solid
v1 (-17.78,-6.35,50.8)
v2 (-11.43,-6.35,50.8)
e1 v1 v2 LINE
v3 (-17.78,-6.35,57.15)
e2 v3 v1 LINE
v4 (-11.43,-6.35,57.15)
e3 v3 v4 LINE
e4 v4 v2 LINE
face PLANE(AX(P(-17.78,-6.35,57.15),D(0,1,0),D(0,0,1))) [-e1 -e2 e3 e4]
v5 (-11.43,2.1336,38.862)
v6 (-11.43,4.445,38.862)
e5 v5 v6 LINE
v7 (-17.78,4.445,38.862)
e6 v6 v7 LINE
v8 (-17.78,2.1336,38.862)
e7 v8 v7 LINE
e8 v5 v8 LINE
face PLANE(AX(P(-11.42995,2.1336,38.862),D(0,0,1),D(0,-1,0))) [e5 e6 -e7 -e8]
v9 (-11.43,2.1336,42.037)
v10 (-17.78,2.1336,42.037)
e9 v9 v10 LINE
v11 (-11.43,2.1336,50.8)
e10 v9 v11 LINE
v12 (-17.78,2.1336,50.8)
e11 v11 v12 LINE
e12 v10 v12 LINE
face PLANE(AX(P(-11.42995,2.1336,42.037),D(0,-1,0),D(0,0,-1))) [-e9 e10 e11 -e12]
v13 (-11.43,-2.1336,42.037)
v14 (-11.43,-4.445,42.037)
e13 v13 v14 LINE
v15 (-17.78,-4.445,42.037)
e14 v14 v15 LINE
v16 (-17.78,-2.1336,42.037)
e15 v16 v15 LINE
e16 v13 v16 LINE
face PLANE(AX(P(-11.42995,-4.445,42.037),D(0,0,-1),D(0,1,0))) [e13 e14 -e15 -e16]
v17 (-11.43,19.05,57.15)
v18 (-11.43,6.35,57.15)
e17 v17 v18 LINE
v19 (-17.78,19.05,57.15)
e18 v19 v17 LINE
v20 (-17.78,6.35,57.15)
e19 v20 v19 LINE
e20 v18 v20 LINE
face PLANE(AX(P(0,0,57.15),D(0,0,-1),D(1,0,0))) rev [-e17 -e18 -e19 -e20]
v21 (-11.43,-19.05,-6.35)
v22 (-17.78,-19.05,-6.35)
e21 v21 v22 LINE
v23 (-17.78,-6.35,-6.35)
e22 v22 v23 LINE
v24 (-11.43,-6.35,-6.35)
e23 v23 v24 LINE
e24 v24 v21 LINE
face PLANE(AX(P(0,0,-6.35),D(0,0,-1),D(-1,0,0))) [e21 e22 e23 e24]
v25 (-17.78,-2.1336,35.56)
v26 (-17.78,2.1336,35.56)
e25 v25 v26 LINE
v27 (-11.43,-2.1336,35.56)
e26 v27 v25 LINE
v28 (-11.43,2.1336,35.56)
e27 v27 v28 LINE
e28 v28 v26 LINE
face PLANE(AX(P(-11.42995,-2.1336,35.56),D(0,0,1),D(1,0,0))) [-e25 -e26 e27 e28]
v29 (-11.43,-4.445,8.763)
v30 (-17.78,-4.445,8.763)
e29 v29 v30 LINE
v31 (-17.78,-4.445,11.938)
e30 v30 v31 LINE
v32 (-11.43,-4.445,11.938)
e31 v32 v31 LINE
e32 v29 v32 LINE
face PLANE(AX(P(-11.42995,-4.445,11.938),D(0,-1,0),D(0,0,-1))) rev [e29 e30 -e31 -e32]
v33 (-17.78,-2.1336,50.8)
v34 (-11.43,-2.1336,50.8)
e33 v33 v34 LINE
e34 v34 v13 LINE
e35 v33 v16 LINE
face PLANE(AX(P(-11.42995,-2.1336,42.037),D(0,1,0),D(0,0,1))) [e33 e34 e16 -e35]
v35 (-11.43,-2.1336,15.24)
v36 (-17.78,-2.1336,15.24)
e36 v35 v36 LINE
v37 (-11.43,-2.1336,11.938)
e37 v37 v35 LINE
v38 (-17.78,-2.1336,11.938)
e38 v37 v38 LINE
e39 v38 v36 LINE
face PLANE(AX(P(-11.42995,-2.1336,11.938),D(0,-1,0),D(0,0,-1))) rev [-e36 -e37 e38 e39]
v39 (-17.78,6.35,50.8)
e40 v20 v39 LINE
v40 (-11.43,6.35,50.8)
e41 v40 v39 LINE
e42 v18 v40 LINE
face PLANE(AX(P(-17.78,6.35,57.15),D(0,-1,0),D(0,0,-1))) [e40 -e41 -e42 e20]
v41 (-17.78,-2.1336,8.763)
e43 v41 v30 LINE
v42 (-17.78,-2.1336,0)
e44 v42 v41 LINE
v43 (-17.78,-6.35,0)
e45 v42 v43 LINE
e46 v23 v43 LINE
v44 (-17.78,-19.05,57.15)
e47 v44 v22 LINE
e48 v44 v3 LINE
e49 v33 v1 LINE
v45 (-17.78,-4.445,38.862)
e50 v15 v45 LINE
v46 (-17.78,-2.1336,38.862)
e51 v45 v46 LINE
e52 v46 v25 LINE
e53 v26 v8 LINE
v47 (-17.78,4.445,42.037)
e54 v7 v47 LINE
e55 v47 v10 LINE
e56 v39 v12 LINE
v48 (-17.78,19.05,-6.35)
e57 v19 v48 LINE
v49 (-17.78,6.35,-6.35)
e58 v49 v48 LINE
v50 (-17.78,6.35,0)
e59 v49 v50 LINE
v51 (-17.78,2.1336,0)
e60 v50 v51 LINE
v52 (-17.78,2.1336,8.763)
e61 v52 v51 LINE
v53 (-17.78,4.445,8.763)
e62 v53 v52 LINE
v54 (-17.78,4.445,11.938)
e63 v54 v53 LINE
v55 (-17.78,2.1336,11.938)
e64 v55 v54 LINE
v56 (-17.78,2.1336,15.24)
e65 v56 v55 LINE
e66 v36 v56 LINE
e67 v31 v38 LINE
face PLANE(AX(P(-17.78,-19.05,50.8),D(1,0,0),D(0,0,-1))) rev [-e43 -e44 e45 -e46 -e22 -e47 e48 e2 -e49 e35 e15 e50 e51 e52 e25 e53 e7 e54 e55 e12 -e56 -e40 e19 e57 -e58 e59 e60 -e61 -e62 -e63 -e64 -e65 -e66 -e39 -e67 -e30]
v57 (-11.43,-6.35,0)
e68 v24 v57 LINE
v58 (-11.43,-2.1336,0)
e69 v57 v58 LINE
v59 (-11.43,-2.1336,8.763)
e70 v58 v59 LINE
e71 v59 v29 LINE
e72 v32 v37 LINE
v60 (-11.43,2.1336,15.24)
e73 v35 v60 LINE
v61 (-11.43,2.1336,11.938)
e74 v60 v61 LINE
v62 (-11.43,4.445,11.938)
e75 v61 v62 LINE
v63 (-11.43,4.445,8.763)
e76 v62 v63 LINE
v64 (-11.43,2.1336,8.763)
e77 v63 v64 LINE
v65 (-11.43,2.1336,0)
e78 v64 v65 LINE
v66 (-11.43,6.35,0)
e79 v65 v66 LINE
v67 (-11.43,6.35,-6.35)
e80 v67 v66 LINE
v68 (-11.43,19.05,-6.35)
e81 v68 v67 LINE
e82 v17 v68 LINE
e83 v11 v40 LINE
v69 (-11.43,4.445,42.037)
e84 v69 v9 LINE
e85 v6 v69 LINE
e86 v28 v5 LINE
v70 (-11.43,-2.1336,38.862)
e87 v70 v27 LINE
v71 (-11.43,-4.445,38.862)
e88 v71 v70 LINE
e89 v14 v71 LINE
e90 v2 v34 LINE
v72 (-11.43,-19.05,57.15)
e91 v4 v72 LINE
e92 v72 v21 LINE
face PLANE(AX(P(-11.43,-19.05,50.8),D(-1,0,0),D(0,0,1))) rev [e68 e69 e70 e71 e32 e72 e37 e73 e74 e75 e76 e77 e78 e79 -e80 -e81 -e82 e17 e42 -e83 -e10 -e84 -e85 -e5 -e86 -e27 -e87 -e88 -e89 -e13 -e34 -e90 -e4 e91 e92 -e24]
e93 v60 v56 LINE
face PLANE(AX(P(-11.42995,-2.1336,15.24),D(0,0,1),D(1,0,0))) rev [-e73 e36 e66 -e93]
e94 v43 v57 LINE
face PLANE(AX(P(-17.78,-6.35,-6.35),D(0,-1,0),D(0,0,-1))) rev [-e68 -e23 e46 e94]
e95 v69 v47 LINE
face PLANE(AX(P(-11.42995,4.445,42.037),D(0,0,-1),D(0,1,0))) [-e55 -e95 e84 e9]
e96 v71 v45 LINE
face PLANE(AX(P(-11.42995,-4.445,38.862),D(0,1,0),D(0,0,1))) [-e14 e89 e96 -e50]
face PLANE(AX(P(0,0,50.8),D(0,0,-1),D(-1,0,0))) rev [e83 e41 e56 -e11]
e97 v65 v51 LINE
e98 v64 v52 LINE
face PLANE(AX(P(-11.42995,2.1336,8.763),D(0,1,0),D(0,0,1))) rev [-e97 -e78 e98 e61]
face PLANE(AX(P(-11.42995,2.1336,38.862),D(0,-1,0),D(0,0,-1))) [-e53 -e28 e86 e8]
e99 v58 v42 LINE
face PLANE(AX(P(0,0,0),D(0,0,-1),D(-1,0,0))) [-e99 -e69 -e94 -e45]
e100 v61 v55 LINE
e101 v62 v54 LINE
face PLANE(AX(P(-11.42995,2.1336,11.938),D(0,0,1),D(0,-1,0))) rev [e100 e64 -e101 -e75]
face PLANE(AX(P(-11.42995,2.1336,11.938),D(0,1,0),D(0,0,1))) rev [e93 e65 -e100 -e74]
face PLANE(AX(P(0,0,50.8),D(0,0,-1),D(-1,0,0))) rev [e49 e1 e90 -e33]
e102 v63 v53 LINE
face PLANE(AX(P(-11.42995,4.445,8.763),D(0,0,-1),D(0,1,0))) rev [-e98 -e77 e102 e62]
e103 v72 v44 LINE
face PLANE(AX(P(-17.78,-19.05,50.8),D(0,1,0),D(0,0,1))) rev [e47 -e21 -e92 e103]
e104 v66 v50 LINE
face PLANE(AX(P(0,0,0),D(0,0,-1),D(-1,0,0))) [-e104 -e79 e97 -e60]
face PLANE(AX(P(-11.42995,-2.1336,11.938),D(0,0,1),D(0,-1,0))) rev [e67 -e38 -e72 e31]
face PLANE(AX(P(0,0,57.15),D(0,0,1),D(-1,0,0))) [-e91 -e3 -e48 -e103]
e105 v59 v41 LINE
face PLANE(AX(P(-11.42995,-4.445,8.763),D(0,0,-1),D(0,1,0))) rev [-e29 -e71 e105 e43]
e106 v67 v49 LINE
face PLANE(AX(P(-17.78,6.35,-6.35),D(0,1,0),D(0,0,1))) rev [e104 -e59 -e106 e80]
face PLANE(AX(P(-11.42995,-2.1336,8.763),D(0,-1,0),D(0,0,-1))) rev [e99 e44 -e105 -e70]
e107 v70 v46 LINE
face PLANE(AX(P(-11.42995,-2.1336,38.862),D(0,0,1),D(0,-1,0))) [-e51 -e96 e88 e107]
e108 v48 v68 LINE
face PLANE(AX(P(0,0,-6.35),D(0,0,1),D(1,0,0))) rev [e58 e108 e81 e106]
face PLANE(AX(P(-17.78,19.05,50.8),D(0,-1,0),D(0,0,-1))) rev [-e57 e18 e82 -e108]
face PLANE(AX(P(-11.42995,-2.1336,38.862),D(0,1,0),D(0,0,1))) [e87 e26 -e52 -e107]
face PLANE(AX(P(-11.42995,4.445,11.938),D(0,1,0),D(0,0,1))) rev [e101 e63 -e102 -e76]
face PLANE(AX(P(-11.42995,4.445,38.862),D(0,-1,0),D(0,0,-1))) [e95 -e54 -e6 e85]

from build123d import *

# Parameters (mm, degrees)
SKETCH1_W           = 6.35
SKETCH1_H           = 38.1
BOSS_EXTRUDE1_DEPTH = 50.8
SKETCH2_W           = 6.35
SKETCH2_H           = 12.7
BOSS_EXTRUDE2_DEPTH = 6.35
CUT_EXTRUDE1_DEPTH  = 55.624765446


with BuildPart() as part:
    # Sketch1 → Boss-Extrude1 (new body)
    with BuildSketch(Plane.XY):
        with Locations((-14.605, 0)):
            Rectangle(SKETCH1_W, SKETCH1_H)
    extrude(amount=BOSS_EXTRUDE1_DEPTH)

    # Sketch2 → Boss-Extrude2 (add)
    with BuildSketch(Plane(origin=(0, 0, 0), x_dir=(-1, 0, 0), z_dir=(0, 0, -1))):
        with Locations((14.605, -12.7)):
            Rectangle(SKETCH2_W, SKETCH2_H)
        with Locations((14.605, 12.7)):
            Rectangle(SKETCH2_W, SKETCH2_H)
    boss_extrude2 = extrude(amount=BOSS_EXTRUDE2_DEPTH)

    # Sketch3 → Cut-Extrude1 (cut, through all)
    with BuildSketch(Plane.ZY.offset(17.78)):
        Polygon((0, 2.1336), (0, -2.1336), (8.763, -2.1336), (8.763, -4.445), (11.938, -4.445), (11.938, -2.1336), (15.24, -2.1336), (15.24, 2.1336), (11.938, 2.1336), (11.938, 4.445), (8.763, 4.445), (8.763, 2.1336), align=None)
    cut_extrude1 = extrude(amount=-CUT_EXTRUDE1_DEPTH, mode=Mode.SUBTRACT)

    # Mirror1: Boss-Extrude2, Cut-Extrude1 across plane
    add(boss_extrude2.mirror(Plane.XY.offset(25.4)))
    add(cut_extrude1.mirror(Plane.XY.offset(25.4)), mode=Mode.SUBTRACT)


solid = part.part
